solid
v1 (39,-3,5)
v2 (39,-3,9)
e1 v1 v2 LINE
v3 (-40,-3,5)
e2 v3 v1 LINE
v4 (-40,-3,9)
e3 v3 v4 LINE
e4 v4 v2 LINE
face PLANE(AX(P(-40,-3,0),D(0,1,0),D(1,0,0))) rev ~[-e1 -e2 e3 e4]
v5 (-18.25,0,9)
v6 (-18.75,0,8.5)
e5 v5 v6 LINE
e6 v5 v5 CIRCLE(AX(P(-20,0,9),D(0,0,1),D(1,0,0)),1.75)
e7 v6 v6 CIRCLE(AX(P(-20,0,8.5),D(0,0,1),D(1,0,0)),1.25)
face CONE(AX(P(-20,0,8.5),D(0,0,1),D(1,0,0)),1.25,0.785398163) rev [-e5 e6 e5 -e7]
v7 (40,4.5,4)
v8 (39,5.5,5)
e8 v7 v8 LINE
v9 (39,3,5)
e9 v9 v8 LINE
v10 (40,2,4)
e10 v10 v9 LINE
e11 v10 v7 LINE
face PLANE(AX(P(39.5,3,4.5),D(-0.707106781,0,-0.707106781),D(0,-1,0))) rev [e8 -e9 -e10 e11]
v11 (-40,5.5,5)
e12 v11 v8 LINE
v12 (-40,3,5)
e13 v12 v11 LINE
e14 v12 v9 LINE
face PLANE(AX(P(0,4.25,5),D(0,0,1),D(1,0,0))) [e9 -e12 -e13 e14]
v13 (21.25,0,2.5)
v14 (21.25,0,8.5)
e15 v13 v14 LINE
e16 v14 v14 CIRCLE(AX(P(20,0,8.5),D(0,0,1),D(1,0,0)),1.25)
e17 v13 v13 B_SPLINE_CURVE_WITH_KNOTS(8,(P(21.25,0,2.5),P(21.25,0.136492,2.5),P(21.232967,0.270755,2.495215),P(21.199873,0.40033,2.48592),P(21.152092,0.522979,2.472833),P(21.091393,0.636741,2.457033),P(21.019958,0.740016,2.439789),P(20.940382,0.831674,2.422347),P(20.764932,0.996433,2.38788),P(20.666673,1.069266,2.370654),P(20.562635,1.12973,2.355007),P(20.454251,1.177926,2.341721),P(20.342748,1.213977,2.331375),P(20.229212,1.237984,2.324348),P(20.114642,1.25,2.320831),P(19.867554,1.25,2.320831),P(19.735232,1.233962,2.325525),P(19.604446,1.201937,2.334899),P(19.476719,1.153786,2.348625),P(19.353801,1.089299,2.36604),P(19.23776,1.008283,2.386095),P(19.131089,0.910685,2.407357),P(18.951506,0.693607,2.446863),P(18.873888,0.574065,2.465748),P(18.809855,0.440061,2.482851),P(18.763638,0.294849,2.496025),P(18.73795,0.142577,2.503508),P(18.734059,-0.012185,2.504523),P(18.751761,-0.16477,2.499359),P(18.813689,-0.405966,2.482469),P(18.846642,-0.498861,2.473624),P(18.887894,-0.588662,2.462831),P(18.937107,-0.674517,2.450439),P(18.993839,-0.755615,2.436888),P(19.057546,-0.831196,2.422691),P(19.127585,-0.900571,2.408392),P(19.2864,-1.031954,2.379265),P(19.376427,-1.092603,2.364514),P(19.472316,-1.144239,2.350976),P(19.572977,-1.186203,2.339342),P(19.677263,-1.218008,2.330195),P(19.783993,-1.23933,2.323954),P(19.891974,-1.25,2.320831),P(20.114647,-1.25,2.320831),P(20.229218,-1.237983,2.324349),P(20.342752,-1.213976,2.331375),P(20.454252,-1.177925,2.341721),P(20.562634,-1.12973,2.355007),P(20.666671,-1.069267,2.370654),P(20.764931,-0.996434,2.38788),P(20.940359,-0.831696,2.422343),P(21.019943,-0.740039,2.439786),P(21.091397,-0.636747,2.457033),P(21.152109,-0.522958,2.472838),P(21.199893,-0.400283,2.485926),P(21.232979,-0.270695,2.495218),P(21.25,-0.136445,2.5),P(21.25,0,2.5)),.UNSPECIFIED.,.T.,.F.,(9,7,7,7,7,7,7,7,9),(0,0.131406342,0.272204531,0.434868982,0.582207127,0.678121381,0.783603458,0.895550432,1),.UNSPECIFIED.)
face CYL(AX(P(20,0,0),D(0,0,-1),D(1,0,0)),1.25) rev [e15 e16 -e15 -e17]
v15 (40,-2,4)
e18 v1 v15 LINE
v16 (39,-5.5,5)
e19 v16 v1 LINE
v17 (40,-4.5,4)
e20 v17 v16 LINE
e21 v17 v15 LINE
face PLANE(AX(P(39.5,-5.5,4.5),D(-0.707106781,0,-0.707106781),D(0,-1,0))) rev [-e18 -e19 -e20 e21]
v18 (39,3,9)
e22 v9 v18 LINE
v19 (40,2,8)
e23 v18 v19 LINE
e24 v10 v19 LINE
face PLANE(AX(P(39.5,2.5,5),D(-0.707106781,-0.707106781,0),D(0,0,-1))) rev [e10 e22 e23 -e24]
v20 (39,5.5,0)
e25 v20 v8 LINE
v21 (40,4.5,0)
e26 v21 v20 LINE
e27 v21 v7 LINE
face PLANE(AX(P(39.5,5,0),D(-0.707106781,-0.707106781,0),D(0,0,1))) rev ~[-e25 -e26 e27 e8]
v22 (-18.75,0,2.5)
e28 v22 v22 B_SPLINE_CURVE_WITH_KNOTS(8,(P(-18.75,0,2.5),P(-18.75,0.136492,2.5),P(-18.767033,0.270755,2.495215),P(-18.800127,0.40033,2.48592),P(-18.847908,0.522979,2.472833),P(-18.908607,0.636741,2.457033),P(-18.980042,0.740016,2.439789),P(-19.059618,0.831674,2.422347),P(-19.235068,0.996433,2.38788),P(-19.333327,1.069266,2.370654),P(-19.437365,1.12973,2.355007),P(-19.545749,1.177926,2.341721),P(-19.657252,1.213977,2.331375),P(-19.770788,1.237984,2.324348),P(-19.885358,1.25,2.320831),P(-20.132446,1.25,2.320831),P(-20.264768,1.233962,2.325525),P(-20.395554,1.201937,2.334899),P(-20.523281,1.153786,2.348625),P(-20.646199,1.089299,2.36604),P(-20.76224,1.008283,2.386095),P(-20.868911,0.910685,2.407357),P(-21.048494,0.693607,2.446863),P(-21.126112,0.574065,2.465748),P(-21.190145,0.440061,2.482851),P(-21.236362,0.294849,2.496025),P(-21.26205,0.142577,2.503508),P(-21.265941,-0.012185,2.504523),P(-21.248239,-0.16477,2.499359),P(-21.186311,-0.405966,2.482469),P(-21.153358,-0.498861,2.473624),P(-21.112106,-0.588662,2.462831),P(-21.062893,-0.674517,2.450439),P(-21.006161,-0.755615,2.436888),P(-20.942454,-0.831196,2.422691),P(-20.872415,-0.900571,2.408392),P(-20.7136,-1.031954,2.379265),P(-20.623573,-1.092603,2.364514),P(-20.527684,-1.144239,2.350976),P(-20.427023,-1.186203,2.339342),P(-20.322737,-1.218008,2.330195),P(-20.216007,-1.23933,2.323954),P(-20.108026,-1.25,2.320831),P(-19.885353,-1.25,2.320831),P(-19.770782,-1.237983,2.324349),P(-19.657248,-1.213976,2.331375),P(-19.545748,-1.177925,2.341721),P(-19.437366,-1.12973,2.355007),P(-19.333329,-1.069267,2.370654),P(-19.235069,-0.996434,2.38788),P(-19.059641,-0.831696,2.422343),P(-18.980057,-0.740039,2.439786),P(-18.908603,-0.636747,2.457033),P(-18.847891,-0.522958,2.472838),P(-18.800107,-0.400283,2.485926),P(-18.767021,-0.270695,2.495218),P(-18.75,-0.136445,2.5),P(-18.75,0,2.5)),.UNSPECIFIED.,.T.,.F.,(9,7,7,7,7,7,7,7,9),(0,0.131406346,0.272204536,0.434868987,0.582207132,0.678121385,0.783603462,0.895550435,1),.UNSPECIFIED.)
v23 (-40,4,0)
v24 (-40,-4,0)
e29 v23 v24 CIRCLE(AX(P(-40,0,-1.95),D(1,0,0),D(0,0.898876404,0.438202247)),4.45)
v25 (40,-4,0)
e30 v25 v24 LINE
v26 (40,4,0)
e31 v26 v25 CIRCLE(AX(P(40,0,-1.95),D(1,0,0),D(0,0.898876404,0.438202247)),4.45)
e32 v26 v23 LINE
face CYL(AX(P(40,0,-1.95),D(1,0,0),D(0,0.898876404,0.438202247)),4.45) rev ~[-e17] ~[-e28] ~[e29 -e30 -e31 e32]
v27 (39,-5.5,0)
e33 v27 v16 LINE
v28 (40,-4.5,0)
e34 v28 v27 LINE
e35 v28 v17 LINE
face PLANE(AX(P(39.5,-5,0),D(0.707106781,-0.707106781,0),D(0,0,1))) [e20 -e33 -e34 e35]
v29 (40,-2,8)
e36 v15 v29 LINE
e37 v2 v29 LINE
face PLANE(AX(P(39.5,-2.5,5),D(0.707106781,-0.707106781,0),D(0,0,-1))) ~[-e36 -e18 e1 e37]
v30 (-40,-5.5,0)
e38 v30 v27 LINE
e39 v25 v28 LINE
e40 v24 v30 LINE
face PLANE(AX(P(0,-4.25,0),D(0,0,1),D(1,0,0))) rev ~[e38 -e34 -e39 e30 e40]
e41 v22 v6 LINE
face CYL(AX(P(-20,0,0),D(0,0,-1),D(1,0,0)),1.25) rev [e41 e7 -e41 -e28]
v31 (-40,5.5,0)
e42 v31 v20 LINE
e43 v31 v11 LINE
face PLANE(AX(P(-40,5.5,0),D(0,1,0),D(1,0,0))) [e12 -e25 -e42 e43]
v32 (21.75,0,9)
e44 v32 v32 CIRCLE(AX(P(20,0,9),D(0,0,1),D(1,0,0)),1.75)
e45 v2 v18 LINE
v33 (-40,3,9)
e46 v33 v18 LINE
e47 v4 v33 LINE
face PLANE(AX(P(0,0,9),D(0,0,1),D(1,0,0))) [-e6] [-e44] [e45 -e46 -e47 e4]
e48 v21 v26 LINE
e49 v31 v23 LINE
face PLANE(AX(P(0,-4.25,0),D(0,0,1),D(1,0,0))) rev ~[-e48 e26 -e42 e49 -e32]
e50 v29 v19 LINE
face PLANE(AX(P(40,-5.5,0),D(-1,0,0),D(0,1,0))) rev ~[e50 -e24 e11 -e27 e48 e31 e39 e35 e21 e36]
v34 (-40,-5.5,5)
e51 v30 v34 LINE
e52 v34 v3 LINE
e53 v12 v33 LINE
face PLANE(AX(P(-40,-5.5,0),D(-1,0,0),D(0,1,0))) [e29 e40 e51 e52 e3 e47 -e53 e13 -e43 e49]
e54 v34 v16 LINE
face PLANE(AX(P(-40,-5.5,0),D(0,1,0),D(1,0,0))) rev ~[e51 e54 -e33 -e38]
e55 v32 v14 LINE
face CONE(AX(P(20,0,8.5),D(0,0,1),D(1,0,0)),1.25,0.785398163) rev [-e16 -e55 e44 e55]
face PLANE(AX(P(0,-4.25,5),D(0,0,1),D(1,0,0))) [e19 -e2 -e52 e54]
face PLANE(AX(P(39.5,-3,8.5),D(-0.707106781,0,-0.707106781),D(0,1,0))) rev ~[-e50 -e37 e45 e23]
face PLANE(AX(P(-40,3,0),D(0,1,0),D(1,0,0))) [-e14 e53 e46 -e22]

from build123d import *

# Parameters (mm, degrees)
F0_W     = 80
F0_H     = 6
F0_R     = 1.25
F1_DEPTH = 9
F0_H_2   = 2.5
F2_DEPTH = 5
F4_DEPTH = 80
F5_SIZE  = 0.5
F6_SIZE  = 1


with BuildPart() as f1:
    # F0 (on Top) → F1 (new body)
    with BuildSketch(Plane.XY):
        Rectangle(F0_W, F0_H)
        with Locations((-20, 0)):
            Circle(F0_R, mode=Mode.SUBTRACT)
        with Locations((20, 0)):
            Circle(F0_R, mode=Mode.SUBTRACT)
    extrude(amount=F1_DEPTH)

    # F0 (on Top) → F2 (join)
    with BuildSketch(Plane.XY):
        with Locations((0, -4.25)):
            Rectangle(F0_W, F0_H_2)
        with Locations((0, 4.25)):
            Rectangle(F0_W, F0_H_2)
    extrude(amount=F2_DEPTH)

    # F3 (on face) → F4 (cut)
    with BuildSketch(Plane.YZ.offset(40)):
        with BuildLine():
            Line((-4, 0), (4, 0))
            ThreePointArc((4, 0), (0, 2.5), (-4, 0))
        make_face()
    extrude(amount=-F4_DEPTH, mode=Mode.SUBTRACT)

    # F5
    f5_edges = [f1.edges().sort_by_distance(p)[0] for p in [
        (-21.25, 0, 9),
        (18.75, 0, 9),
    ]]
    chamfer(f5_edges, length=F5_SIZE)

    # F6
    f6_edges = [f1.edges().sort_by_distance(p)[0] for p in [
        (40, 4.25, 5),
        (40, 5.5, 2.5),
        (40, 3, 7),
        (40, 0, 9),
        (40, -3, 7),
        (40, -4.25, 5),
        (40, -5.5, 2.5),
    ]]
    chamfer(f6_edges, length=F6_SIZE)


solid = f1.part
